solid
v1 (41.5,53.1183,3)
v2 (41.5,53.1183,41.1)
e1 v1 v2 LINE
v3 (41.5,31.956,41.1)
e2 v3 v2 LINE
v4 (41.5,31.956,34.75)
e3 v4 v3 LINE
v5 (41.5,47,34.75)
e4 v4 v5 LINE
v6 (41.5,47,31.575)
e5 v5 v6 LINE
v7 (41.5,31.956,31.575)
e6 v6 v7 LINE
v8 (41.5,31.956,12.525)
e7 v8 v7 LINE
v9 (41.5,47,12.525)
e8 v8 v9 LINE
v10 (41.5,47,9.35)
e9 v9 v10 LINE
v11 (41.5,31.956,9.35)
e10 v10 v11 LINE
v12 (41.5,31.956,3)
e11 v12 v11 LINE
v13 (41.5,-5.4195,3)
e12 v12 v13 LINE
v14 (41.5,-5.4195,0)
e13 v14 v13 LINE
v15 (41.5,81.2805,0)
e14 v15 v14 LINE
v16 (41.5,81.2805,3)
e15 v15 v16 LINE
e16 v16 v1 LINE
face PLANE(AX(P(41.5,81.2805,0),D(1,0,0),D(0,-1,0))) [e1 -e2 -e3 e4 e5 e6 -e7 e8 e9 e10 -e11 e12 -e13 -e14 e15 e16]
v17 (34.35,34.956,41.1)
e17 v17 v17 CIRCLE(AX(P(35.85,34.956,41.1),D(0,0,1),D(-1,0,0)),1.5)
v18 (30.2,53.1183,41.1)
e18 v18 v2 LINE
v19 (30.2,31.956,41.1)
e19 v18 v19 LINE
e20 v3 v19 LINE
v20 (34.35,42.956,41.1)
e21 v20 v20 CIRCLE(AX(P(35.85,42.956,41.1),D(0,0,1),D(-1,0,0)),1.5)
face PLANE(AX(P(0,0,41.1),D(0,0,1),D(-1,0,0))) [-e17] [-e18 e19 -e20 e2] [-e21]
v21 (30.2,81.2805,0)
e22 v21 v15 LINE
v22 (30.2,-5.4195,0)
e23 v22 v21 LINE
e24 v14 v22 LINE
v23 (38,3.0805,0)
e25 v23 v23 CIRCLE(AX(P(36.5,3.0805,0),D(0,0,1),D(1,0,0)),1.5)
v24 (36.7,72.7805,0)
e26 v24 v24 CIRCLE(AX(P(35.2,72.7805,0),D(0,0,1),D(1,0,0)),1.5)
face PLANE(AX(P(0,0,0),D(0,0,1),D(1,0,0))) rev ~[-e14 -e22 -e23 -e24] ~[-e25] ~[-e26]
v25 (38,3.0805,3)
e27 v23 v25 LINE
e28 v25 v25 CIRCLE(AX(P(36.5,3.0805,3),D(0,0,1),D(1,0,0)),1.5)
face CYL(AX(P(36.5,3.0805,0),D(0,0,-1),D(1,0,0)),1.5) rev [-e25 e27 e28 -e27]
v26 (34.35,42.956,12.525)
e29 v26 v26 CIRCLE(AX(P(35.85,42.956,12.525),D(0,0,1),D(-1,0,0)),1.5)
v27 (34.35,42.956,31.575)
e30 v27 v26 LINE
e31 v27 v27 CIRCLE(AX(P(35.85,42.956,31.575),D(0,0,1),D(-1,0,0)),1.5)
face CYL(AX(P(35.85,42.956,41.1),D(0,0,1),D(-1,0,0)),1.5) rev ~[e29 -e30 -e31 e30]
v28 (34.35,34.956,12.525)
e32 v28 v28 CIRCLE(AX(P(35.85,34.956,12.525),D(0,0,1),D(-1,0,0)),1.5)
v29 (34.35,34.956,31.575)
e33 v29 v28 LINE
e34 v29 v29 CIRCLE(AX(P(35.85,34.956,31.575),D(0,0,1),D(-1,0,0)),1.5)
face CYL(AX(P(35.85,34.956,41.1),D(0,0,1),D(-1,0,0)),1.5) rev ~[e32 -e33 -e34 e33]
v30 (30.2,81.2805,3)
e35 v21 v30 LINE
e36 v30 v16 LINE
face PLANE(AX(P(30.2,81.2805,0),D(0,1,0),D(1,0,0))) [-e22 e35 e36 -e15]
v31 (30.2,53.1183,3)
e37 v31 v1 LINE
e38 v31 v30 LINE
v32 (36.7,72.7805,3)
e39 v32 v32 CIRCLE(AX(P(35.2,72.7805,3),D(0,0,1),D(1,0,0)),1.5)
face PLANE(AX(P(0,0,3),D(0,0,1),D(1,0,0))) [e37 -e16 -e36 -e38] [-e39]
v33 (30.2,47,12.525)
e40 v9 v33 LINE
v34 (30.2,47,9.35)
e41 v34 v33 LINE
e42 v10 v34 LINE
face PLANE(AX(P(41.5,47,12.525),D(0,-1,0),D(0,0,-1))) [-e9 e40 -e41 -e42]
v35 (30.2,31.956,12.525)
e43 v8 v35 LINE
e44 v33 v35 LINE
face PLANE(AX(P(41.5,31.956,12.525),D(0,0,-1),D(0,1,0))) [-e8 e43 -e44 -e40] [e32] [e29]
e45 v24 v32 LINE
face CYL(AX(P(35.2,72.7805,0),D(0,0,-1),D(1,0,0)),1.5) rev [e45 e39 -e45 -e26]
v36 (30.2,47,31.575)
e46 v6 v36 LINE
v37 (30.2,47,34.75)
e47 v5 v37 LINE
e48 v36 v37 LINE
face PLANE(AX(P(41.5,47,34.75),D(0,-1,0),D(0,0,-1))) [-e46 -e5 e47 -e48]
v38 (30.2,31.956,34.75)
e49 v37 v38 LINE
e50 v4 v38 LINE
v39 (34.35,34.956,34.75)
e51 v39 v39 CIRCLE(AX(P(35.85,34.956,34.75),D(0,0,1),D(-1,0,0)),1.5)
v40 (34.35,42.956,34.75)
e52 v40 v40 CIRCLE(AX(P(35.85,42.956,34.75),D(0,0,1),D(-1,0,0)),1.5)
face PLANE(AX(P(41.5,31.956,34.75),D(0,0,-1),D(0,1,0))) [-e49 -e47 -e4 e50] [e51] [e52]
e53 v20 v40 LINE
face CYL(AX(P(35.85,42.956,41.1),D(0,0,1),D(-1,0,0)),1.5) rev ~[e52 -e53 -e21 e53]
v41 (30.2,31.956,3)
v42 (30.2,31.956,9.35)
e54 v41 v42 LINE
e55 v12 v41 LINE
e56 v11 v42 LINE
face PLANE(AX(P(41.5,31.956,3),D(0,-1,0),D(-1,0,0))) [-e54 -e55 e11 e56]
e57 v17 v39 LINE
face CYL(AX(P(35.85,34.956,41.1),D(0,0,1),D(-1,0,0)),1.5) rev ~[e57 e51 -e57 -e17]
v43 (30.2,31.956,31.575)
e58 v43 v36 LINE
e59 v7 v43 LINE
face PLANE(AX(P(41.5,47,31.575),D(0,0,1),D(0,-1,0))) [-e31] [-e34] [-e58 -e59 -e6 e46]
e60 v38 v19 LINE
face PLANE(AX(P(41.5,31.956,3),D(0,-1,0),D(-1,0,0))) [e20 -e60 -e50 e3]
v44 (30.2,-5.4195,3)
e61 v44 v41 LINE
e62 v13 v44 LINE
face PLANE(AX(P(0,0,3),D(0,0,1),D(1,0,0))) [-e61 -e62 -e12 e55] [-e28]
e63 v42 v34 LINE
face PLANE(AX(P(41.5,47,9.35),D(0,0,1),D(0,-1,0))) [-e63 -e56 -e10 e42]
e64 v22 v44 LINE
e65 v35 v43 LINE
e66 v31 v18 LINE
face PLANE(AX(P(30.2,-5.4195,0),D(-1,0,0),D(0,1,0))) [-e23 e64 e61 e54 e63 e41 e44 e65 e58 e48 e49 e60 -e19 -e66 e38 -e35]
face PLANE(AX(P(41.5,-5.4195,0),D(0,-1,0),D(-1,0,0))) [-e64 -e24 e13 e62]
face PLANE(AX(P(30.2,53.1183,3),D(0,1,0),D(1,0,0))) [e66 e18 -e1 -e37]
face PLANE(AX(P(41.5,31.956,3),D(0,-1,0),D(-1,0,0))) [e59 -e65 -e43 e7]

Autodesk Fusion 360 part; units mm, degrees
sketch "Sketch1" plane through (0, 0, 0) normal (0, 0, 1) x (1, 0, 0)
  line L0 (30.2, 81.2805) -> (41.5, 81.2805)
  line L1 (41.5, 81.2805) -> (41.5, -5.4195)
  line L2 (41.5, -5.4195) -> (30.2, -5.4195)
  line L3 (30.2, -5.4195) -> (30.2, 81.2805)
  circle A0 centre (36.5, 3.0805) radius 1.5
  circle A1 centre (35.2, 72.7805) radius 1.5
  dimension "d1" = 1.3
  dimension "d2" = 69.7
  dimension "d3" = 3
  dimension "d4" = 3
  dimension "d5" = 5
  dimension "d6" = 5
  dimension "d7" = 8.5
  dimension "d8" = 8.5
extrude "Extrude1" add sketch "Sketch1" along normal blind 3
sketch "Sketch2" plane through (0, 0, 3) normal (0, 0, 1) x (-1, 0, 0)
  circle A0 centre (-36.5, -3.0805) radius 1.5
  circle A1 centre (-35.2, -72.7805) radius 1.5
  line L0 (-30.2, 5.4195) -> (-41.5, 5.4195)
  line L1 (-41.5, 5.4195) -> (-41.5, -81.2805)
  line L2 (-41.5, -81.2805) -> (-30.2, -81.2805)
  line L3 (-30.2, -81.2805) -> (-30.2, 5.4195)
  line L4 (-30.2, -53.1183) -> (-41.5, -53.1183)
  line L5 (-41.5, -53.1183) -> (-41.5, -31.956)
  line L6 (-41.5, -31.956) -> (-30.2, -31.956)
  line L7 (-30.2, -31.956) -> (-30.2, -53.1183)
extrude "Extrude2" add sketch "Sketch2" along normal blind 38.1 contours L1 L3 L4 L5 L6 L7
sketch "Sketch3" plane through (41.5, 0, 0) normal (1, 0, 0) x (0, 1, 0)
  line L0 (-5.4195, 0) -> (81.2805, 0)
  line L1 (81.2805, 0) -> (81.2805, 3)
  line L2 (81.2805, 3) -> (53.1183, 3)
  line L3 (53.1183, 3) -> (53.1183, 41.1)
  line L4 (53.1183, 41.1) -> (31.956, 41.1)
  line L5 (31.956, 41.1) -> (31.956, 3)
  line L6 (31.956, 3) -> (-5.4195, 3)
  line L7 (-5.4195, 3) -> (-5.4195, 0)
  line L8 (31.956, 34.75) -> (47, 34.75)
  line L9 (47, 34.75) -> (47, 31.575)
  line L10 (47, 31.575) -> (31.956, 31.575)
  line L11 (31.956, 31.575) -> (31.956, 34.75)
  line L12 (31.956, 12.525) -> (47, 12.525)
  line L13 (47, 12.525) -> (47, 9.35)
  line L14 (47, 9.35) -> (31.956, 9.35)
  line L15 (31.956, 9.35) -> (31.956, 12.525)
  dimension "d13" = 3.175
  dimension "d14" = 3.175
  dimension "d15" = 19.05
  dimension "d16" = 6.35
extrude "Extrude3" cut sketch "Sketch3" against normal blind 15 contours L5 L12 L13 L14 L15 | L5 L8 L9 L10 L11
sketch "Sketch4" plane through (0, 0, 41.1) normal (0, 0, 1) x (-1, 0, 0)
  line L0 (-30.2, -31.956) -> (-41.5, -31.956)
  line L1 (-41.5, -31.956) -> (-41.5, -53.1183)
  line L2 (-41.5, -53.1183) -> (-30.2, -53.1183)
  line L3 (-30.2, -53.1183) -> (-30.2, -31.956)
  circle A0 centre (-35.85, -34.956) radius 1.5
  circle A1 centre (-35.85, -42.956) radius 1.5
  dimension "d19" = 3
  dimension "d20" = 3
  dimension "d21" = 3
  dimension "d22" = 8
extrude "Extrude4" cut sketch "Sketch4" against normal blind 30 contours A0 | A1
